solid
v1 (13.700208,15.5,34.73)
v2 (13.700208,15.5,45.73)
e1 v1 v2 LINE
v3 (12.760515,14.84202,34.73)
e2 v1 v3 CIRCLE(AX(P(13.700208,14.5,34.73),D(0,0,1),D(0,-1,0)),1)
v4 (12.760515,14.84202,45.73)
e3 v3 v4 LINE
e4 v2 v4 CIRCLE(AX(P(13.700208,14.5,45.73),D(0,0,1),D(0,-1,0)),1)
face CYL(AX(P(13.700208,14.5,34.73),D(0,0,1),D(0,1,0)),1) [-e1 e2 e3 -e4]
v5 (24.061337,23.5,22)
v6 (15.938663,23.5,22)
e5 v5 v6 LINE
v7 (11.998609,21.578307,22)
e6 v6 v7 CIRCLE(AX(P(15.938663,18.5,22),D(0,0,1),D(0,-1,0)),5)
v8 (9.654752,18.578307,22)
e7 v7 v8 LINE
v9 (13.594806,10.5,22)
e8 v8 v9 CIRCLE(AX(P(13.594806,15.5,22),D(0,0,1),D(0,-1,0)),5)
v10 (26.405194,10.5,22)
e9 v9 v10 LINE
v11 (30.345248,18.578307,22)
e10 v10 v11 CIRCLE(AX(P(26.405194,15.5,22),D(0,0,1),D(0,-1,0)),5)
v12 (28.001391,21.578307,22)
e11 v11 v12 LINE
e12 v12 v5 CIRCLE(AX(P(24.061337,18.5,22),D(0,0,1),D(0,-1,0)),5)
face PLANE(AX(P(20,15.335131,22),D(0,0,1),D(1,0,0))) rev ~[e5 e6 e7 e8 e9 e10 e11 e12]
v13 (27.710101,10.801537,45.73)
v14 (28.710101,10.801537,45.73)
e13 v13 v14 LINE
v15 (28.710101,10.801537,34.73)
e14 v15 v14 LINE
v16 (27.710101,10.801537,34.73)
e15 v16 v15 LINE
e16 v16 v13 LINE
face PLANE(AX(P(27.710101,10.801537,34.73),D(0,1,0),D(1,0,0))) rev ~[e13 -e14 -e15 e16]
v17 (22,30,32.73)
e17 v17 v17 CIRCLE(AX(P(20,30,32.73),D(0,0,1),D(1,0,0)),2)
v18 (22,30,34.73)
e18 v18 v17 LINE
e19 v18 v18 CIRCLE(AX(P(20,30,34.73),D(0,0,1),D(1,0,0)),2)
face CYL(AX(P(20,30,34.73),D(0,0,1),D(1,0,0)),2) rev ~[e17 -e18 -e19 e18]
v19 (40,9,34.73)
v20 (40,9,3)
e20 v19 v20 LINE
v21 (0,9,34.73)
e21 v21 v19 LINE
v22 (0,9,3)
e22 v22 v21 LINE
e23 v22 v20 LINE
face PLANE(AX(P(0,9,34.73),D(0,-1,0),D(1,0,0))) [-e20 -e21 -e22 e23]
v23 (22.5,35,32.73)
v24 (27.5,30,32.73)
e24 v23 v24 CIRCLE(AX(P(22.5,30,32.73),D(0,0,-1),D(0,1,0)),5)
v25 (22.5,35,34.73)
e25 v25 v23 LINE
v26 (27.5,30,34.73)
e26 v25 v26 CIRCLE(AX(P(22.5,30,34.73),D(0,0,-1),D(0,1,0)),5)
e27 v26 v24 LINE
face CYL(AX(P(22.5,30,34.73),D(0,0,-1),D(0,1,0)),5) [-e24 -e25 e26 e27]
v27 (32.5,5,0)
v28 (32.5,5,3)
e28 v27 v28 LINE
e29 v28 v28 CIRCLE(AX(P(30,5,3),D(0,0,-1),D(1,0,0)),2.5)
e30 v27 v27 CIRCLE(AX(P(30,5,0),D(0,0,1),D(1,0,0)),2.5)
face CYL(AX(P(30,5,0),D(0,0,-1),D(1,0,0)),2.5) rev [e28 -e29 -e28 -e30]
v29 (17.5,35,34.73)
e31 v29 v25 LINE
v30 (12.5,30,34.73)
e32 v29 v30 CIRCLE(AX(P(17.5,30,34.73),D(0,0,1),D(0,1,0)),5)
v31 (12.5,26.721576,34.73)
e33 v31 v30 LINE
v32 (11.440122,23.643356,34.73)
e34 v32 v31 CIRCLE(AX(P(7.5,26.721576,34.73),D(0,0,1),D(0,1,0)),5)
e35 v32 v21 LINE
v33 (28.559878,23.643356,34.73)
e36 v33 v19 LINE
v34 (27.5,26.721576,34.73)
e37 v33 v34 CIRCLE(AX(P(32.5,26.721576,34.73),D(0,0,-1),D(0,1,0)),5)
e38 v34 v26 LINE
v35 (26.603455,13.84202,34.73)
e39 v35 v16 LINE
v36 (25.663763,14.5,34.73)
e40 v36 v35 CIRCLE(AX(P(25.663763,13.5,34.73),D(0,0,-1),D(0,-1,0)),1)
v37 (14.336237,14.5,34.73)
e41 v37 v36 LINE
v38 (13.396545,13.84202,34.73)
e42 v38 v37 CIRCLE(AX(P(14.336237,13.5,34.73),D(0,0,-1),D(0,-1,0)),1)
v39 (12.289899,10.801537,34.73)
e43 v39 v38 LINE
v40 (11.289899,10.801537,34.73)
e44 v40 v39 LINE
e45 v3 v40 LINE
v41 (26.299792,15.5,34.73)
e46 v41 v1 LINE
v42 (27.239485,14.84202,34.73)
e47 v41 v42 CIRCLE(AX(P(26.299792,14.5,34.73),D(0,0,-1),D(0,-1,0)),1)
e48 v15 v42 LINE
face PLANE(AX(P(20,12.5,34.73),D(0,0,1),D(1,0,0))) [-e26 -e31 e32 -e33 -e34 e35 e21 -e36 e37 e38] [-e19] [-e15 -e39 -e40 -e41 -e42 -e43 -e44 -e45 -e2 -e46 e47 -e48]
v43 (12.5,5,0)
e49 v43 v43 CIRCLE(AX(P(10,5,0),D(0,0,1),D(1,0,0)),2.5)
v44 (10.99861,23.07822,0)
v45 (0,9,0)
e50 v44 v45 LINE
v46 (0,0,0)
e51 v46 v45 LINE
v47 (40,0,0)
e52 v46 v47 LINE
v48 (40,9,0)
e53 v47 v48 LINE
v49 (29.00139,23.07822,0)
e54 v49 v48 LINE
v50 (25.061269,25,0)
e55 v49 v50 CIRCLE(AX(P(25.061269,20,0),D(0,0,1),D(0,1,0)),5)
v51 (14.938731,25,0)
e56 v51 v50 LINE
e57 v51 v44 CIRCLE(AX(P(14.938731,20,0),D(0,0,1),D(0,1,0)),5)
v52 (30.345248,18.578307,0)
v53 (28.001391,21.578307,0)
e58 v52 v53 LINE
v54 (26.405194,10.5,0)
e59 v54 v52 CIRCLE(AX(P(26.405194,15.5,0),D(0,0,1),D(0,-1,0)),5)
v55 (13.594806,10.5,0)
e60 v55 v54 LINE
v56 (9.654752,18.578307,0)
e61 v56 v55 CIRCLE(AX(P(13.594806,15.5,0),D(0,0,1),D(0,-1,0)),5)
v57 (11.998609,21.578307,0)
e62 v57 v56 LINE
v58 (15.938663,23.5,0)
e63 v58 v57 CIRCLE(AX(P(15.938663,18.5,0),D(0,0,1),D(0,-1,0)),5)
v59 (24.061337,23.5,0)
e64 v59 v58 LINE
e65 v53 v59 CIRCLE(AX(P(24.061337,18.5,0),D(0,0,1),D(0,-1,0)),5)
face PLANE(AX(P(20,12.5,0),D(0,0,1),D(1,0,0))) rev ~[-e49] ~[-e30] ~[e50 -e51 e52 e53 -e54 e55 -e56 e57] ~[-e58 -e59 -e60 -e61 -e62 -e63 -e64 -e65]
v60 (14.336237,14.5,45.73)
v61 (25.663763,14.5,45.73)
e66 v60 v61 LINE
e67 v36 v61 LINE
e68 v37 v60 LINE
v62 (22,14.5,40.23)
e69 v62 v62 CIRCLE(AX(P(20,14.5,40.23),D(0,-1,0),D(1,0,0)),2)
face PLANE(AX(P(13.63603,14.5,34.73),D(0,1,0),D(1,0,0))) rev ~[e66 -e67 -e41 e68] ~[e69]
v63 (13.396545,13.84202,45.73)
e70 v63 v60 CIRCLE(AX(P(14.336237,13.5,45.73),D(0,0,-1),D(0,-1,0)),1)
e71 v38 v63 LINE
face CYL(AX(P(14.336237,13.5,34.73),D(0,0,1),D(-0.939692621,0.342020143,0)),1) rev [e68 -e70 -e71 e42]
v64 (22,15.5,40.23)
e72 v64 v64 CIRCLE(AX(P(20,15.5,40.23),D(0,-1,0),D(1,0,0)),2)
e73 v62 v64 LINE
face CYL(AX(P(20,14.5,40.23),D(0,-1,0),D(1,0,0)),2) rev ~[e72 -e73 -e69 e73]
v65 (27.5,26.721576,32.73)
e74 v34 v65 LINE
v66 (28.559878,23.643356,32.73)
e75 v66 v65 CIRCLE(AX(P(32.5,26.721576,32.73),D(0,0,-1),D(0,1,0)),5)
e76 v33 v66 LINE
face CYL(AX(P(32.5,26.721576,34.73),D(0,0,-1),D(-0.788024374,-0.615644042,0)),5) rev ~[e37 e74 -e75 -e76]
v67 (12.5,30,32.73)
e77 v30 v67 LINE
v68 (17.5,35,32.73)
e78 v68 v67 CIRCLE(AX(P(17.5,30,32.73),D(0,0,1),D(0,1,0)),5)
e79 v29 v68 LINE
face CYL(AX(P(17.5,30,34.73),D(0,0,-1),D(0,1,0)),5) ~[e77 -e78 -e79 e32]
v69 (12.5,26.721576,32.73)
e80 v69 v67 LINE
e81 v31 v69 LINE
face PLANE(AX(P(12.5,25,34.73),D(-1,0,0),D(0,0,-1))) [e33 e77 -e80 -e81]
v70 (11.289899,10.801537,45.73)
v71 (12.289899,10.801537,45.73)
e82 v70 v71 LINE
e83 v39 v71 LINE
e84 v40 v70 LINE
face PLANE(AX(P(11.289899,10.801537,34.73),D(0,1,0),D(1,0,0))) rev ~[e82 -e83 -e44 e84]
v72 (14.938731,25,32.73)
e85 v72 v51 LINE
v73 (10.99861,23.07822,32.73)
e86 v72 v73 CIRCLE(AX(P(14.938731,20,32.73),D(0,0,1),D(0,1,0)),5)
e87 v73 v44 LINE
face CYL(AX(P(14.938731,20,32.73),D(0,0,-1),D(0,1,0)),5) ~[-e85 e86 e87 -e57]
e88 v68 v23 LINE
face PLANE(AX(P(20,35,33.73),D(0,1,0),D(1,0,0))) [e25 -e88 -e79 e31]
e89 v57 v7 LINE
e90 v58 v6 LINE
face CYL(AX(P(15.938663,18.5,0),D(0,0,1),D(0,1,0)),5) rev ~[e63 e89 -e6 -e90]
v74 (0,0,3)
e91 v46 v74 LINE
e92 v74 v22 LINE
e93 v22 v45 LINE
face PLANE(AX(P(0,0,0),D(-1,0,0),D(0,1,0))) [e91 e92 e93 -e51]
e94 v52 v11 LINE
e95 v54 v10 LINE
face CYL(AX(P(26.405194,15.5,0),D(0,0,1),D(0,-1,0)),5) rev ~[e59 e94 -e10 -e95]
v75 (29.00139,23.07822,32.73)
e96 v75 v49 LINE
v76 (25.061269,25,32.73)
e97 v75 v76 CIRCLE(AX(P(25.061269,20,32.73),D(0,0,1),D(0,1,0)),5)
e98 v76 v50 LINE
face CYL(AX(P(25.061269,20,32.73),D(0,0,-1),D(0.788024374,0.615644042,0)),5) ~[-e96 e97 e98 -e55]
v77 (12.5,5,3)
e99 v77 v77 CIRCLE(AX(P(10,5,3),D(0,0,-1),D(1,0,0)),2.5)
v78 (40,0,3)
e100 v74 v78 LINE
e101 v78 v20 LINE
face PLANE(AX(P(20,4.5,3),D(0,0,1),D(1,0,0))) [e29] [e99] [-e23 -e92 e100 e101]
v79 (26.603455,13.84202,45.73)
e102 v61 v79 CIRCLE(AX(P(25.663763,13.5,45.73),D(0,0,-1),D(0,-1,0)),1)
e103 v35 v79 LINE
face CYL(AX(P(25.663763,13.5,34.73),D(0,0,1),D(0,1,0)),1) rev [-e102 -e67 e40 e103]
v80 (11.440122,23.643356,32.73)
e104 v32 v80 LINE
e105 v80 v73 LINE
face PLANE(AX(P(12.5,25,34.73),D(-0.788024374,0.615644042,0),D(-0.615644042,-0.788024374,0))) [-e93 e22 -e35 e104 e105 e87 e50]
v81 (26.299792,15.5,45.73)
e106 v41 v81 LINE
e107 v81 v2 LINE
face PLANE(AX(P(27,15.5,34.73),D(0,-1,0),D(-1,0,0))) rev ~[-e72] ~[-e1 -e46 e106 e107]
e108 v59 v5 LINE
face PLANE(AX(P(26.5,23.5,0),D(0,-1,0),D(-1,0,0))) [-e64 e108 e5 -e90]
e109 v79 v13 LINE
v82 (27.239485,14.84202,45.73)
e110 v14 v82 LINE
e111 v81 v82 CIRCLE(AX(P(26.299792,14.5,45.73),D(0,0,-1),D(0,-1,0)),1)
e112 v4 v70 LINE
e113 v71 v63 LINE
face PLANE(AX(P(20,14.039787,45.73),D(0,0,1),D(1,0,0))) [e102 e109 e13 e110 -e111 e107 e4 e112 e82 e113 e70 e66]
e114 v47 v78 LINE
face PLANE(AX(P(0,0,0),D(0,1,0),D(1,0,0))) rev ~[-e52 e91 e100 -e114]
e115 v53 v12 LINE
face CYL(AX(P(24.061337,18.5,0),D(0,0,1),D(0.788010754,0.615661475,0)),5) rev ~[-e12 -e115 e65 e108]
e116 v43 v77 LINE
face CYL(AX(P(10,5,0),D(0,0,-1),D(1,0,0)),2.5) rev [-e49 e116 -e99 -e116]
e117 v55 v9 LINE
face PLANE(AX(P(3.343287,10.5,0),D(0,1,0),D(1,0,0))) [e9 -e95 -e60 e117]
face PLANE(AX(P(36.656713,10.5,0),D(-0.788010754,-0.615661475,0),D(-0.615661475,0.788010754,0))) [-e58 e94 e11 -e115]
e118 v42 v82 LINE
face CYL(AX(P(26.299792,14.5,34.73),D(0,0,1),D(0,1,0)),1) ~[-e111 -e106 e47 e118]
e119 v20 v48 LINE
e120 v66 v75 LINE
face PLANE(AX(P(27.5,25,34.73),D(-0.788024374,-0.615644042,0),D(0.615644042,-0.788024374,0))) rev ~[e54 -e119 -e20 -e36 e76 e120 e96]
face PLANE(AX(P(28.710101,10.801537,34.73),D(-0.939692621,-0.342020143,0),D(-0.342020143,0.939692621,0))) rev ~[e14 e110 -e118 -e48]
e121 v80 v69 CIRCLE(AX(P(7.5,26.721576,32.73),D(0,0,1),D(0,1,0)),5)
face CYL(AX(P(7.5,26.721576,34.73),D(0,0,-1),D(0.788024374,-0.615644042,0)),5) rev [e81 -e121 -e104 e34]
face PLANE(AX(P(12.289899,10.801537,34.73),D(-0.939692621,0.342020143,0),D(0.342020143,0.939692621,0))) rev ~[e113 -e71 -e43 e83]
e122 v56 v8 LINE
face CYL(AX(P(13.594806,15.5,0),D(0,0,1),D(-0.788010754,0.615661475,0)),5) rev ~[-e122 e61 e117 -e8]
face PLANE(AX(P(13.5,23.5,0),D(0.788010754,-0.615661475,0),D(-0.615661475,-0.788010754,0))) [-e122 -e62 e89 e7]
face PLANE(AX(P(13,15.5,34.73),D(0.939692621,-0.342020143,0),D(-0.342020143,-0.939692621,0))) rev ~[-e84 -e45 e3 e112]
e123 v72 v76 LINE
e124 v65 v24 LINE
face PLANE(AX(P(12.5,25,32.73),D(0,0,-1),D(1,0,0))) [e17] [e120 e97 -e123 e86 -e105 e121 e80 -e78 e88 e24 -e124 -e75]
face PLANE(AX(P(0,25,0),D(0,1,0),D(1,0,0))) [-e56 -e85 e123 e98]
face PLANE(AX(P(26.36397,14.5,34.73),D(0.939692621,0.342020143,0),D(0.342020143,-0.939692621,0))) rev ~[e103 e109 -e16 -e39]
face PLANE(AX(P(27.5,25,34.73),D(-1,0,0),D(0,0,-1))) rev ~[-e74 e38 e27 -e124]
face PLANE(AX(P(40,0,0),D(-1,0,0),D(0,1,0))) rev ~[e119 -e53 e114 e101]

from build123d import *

# Parameters (mm, degrees)
SKETCH1_W               = 40
SKETCH1_H               = 25
SKETCH1_R               = 2.5
BOSS_EXTRUDE1_DEPTH     = 34.73
BOSS_EXTRUDE2_DEPTH     = 11
FILLET3_R               = 1
SKETCH5_W               = 15
SKETCH5_H               = 2
BOSS_EXTRUDE3_DEPTH     = 10
SKETCH8_R               = 2
CUT_EXTRUDE4_DEPTH      = 12
CUT_EXTRUDE4_DEPTH_BACK = 35.73
SKETCH10_W              = 40
SKETCH10_H              = 9
CUT_EXTRUDE5_DEPTH      = 22
CUT_EXTRUDE7_DEPTH      = 35.73
SKETCH7_R               = 2
CUT_EXTRUDE9_DEPTH      = 22
CUT_EXTRUDE8_DEPTH      = 22
FILLET7_R               = 5
FILLET8_R               = 5
FILLET9_R               = 5
FILLET10_R              = 5
FILLET11_R              = 5
FILLET12_R              = 5
FILLET13_R              = 5
FILLET14_R              = 5
FILLET15_R              = 5
FILLET16_R              = 5
SKETCH15_W              = 40
SKETCH15_H              = 9
CUT_EXTRUDE10_DEPTH     = 9.73


with BuildPart() as part:
    # Sketch1 → Boss-Extrude1 (new body)
    with BuildSketch(Plane.XY):
        with Locations((20, 12.5)):
            Rectangle(SKETCH1_W, SKETCH1_H)
        with Locations((10, 5)):
            Circle(SKETCH1_R, mode=Mode.SUBTRACT)
        with Locations((30, 5)):
            Circle(SKETCH1_R, mode=Mode.SUBTRACT)
    extrude(amount=BOSS_EXTRUDE1_DEPTH)

    # Sketch2 → Boss-Extrude2 (add)
    with BuildSketch(Plane.XY.offset(34.73)):
        Polygon((27, 15.5), (13, 15.5), (11.289899283, 10.801536896), (12.289899283, 10.801536896), (13.636029766, 14.5), (26.363970234, 14.5), (27.710100717, 10.801536896), (28.710100717, 10.801536896), align=None)
    extrude(amount=BOSS_EXTRUDE2_DEPTH)

    # Fillet3
    fillet3_edges = [part.edges().sort_by_distance(p)[0] for p in [
        (13, 15.5, 40.23),
        (13.636029766, 14.5, 40.23),
        (26.363970234, 14.5, 40.23),
        (27, 15.5, 40.23),
    ]]
    fillet(fillet3_edges, radius=FILLET3_R)

    # Sketch5 → Boss-Extrude3 (add)
    with BuildSketch(Plane(origin=(0, 25, 0), x_dir=(1, 0, 0), z_dir=(0, 1, 0))):
        with Locations((20, -33.73)):
            Rectangle(SKETCH5_W, SKETCH5_H)
    extrude(amount=BOSS_EXTRUDE3_DEPTH)

    # Sketch8 → Cut-Extrude4 (cut, two sides)
    with BuildSketch(Plane.XY.offset(34.73)) as cut_extrude4_sk:
        with Locations((20, 30)):
            Circle(SKETCH8_R)
    extrude(amount=CUT_EXTRUDE4_DEPTH, mode=Mode.SUBTRACT)
    extrude(cut_extrude4_sk.sketch, amount=-CUT_EXTRUDE4_DEPTH_BACK, mode=Mode.SUBTRACT)

    # Sketch10 → Cut-Extrude5 (cut)
    with BuildSketch(Plane.XY.offset(34.73)):
        with Locations((20, 4.5)):
            Rectangle(SKETCH10_W, SKETCH10_H)
    extrude(amount=-CUT_EXTRUDE5_DEPTH, mode=Mode.SUBTRACT)

    # Sketch12 → Cut-Extrude7 (cut, through all)
    with BuildSketch(Plane.XY.offset(34.73)):
        Polygon((12.5, 25), (0, 9), (0, 25), align=None)
        Polygon((27.5, 25), (40, 9), (40, 25), align=None)
    extrude(amount=-CUT_EXTRUDE7_DEPTH, mode=Mode.SUBTRACT)

    # Sketch7 → Cut-Extrude9 (cut)
    with BuildSketch(Plane.XZ.offset(-14.5)):
        with Locations((20, 40.23)):
            Circle(SKETCH7_R)
    extrude(amount=-CUT_EXTRUDE9_DEPTH, mode=Mode.SUBTRACT)

    # Sketch14 → Cut-Extrude8 (cut)
    with BuildSketch(Plane(origin=(0, 0, 0), x_dir=(-1, 0, 0), z_dir=(0, 0, -1))):
        Polygon((-36.656713145, 10.5), (-26.5, 23.5), (-13.5, 23.5), (-3.343286855, 10.5), align=None)
    extrude(amount=-CUT_EXTRUDE8_DEPTH, mode=Mode.SUBTRACT)

    # Fillet7
    fillet7_edges = [part.edges().sort_by_distance(p)[0] for p in [
        (27.5, 25, 16.365),
    ]]
    fillet(fillet7_edges, radius=FILLET7_R)

    # Fillet8
    fillet8_edges = [part.edges().sort_by_distance(p)[0] for p in [
        (27.5, 25, 33.73),
    ]]
    fillet(fillet8_edges, radius=FILLET8_R)

    # Fillet9
    fillet9_edges = [part.edges().sort_by_distance(p)[0] for p in [
        (12.5, 25, 16.365),
    ]]
    fillet(fillet9_edges, radius=FILLET9_R)

    # Fillet10
    fillet10_edges = [part.edges().sort_by_distance(p)[0] for p in [
        (12.5, 25, 33.73),
    ]]
    fillet(fillet10_edges, radius=FILLET10_R)

    # Fillet11
    fillet11_edges = [part.edges().sort_by_distance(p)[0] for p in [
        (3.343286855, 10.5, 11),
    ]]
    fillet(fillet11_edges, radius=FILLET11_R)

    # Fillet12
    fillet12_edges = [part.edges().sort_by_distance(p)[0] for p in [
        (36.656713145, 10.5, 11),
    ]]
    fillet(fillet12_edges, radius=FILLET12_R)

    # Fillet13
    fillet13_edges = [part.edges().sort_by_distance(p)[0] for p in [
        (26.5, 23.5, 11),
    ]]
    fillet(fillet13_edges, radius=FILLET13_R)

    # Fillet14
    fillet14_edges = [part.edges().sort_by_distance(p)[0] for p in [
        (13.5, 23.5, 11),
    ]]
    fillet(fillet14_edges, radius=FILLET14_R)

    # Fillet15
    fillet15_edges = [part.edges().sort_by_distance(p)[0] for p in [
        (27.5, 35, 33.73),
    ]]
    fillet(fillet15_edges, radius=FILLET15_R)

    # Fillet16
    fillet16_edges = [part.edges().sort_by_distance(p)[0] for p in [
        (12.5, 35, 33.73),
    ]]
    fillet(fillet16_edges, radius=FILLET16_R)

    # Sketch15 → Cut-Extrude10 (cut)
    with BuildSketch(Plane.XY.offset(12.73)):
        with Locations((20, 4.5)):
            Rectangle(SKETCH15_W, SKETCH15_H)
    extrude(amount=-CUT_EXTRUDE10_DEPTH, mode=Mode.SUBTRACT)


solid = part.part
